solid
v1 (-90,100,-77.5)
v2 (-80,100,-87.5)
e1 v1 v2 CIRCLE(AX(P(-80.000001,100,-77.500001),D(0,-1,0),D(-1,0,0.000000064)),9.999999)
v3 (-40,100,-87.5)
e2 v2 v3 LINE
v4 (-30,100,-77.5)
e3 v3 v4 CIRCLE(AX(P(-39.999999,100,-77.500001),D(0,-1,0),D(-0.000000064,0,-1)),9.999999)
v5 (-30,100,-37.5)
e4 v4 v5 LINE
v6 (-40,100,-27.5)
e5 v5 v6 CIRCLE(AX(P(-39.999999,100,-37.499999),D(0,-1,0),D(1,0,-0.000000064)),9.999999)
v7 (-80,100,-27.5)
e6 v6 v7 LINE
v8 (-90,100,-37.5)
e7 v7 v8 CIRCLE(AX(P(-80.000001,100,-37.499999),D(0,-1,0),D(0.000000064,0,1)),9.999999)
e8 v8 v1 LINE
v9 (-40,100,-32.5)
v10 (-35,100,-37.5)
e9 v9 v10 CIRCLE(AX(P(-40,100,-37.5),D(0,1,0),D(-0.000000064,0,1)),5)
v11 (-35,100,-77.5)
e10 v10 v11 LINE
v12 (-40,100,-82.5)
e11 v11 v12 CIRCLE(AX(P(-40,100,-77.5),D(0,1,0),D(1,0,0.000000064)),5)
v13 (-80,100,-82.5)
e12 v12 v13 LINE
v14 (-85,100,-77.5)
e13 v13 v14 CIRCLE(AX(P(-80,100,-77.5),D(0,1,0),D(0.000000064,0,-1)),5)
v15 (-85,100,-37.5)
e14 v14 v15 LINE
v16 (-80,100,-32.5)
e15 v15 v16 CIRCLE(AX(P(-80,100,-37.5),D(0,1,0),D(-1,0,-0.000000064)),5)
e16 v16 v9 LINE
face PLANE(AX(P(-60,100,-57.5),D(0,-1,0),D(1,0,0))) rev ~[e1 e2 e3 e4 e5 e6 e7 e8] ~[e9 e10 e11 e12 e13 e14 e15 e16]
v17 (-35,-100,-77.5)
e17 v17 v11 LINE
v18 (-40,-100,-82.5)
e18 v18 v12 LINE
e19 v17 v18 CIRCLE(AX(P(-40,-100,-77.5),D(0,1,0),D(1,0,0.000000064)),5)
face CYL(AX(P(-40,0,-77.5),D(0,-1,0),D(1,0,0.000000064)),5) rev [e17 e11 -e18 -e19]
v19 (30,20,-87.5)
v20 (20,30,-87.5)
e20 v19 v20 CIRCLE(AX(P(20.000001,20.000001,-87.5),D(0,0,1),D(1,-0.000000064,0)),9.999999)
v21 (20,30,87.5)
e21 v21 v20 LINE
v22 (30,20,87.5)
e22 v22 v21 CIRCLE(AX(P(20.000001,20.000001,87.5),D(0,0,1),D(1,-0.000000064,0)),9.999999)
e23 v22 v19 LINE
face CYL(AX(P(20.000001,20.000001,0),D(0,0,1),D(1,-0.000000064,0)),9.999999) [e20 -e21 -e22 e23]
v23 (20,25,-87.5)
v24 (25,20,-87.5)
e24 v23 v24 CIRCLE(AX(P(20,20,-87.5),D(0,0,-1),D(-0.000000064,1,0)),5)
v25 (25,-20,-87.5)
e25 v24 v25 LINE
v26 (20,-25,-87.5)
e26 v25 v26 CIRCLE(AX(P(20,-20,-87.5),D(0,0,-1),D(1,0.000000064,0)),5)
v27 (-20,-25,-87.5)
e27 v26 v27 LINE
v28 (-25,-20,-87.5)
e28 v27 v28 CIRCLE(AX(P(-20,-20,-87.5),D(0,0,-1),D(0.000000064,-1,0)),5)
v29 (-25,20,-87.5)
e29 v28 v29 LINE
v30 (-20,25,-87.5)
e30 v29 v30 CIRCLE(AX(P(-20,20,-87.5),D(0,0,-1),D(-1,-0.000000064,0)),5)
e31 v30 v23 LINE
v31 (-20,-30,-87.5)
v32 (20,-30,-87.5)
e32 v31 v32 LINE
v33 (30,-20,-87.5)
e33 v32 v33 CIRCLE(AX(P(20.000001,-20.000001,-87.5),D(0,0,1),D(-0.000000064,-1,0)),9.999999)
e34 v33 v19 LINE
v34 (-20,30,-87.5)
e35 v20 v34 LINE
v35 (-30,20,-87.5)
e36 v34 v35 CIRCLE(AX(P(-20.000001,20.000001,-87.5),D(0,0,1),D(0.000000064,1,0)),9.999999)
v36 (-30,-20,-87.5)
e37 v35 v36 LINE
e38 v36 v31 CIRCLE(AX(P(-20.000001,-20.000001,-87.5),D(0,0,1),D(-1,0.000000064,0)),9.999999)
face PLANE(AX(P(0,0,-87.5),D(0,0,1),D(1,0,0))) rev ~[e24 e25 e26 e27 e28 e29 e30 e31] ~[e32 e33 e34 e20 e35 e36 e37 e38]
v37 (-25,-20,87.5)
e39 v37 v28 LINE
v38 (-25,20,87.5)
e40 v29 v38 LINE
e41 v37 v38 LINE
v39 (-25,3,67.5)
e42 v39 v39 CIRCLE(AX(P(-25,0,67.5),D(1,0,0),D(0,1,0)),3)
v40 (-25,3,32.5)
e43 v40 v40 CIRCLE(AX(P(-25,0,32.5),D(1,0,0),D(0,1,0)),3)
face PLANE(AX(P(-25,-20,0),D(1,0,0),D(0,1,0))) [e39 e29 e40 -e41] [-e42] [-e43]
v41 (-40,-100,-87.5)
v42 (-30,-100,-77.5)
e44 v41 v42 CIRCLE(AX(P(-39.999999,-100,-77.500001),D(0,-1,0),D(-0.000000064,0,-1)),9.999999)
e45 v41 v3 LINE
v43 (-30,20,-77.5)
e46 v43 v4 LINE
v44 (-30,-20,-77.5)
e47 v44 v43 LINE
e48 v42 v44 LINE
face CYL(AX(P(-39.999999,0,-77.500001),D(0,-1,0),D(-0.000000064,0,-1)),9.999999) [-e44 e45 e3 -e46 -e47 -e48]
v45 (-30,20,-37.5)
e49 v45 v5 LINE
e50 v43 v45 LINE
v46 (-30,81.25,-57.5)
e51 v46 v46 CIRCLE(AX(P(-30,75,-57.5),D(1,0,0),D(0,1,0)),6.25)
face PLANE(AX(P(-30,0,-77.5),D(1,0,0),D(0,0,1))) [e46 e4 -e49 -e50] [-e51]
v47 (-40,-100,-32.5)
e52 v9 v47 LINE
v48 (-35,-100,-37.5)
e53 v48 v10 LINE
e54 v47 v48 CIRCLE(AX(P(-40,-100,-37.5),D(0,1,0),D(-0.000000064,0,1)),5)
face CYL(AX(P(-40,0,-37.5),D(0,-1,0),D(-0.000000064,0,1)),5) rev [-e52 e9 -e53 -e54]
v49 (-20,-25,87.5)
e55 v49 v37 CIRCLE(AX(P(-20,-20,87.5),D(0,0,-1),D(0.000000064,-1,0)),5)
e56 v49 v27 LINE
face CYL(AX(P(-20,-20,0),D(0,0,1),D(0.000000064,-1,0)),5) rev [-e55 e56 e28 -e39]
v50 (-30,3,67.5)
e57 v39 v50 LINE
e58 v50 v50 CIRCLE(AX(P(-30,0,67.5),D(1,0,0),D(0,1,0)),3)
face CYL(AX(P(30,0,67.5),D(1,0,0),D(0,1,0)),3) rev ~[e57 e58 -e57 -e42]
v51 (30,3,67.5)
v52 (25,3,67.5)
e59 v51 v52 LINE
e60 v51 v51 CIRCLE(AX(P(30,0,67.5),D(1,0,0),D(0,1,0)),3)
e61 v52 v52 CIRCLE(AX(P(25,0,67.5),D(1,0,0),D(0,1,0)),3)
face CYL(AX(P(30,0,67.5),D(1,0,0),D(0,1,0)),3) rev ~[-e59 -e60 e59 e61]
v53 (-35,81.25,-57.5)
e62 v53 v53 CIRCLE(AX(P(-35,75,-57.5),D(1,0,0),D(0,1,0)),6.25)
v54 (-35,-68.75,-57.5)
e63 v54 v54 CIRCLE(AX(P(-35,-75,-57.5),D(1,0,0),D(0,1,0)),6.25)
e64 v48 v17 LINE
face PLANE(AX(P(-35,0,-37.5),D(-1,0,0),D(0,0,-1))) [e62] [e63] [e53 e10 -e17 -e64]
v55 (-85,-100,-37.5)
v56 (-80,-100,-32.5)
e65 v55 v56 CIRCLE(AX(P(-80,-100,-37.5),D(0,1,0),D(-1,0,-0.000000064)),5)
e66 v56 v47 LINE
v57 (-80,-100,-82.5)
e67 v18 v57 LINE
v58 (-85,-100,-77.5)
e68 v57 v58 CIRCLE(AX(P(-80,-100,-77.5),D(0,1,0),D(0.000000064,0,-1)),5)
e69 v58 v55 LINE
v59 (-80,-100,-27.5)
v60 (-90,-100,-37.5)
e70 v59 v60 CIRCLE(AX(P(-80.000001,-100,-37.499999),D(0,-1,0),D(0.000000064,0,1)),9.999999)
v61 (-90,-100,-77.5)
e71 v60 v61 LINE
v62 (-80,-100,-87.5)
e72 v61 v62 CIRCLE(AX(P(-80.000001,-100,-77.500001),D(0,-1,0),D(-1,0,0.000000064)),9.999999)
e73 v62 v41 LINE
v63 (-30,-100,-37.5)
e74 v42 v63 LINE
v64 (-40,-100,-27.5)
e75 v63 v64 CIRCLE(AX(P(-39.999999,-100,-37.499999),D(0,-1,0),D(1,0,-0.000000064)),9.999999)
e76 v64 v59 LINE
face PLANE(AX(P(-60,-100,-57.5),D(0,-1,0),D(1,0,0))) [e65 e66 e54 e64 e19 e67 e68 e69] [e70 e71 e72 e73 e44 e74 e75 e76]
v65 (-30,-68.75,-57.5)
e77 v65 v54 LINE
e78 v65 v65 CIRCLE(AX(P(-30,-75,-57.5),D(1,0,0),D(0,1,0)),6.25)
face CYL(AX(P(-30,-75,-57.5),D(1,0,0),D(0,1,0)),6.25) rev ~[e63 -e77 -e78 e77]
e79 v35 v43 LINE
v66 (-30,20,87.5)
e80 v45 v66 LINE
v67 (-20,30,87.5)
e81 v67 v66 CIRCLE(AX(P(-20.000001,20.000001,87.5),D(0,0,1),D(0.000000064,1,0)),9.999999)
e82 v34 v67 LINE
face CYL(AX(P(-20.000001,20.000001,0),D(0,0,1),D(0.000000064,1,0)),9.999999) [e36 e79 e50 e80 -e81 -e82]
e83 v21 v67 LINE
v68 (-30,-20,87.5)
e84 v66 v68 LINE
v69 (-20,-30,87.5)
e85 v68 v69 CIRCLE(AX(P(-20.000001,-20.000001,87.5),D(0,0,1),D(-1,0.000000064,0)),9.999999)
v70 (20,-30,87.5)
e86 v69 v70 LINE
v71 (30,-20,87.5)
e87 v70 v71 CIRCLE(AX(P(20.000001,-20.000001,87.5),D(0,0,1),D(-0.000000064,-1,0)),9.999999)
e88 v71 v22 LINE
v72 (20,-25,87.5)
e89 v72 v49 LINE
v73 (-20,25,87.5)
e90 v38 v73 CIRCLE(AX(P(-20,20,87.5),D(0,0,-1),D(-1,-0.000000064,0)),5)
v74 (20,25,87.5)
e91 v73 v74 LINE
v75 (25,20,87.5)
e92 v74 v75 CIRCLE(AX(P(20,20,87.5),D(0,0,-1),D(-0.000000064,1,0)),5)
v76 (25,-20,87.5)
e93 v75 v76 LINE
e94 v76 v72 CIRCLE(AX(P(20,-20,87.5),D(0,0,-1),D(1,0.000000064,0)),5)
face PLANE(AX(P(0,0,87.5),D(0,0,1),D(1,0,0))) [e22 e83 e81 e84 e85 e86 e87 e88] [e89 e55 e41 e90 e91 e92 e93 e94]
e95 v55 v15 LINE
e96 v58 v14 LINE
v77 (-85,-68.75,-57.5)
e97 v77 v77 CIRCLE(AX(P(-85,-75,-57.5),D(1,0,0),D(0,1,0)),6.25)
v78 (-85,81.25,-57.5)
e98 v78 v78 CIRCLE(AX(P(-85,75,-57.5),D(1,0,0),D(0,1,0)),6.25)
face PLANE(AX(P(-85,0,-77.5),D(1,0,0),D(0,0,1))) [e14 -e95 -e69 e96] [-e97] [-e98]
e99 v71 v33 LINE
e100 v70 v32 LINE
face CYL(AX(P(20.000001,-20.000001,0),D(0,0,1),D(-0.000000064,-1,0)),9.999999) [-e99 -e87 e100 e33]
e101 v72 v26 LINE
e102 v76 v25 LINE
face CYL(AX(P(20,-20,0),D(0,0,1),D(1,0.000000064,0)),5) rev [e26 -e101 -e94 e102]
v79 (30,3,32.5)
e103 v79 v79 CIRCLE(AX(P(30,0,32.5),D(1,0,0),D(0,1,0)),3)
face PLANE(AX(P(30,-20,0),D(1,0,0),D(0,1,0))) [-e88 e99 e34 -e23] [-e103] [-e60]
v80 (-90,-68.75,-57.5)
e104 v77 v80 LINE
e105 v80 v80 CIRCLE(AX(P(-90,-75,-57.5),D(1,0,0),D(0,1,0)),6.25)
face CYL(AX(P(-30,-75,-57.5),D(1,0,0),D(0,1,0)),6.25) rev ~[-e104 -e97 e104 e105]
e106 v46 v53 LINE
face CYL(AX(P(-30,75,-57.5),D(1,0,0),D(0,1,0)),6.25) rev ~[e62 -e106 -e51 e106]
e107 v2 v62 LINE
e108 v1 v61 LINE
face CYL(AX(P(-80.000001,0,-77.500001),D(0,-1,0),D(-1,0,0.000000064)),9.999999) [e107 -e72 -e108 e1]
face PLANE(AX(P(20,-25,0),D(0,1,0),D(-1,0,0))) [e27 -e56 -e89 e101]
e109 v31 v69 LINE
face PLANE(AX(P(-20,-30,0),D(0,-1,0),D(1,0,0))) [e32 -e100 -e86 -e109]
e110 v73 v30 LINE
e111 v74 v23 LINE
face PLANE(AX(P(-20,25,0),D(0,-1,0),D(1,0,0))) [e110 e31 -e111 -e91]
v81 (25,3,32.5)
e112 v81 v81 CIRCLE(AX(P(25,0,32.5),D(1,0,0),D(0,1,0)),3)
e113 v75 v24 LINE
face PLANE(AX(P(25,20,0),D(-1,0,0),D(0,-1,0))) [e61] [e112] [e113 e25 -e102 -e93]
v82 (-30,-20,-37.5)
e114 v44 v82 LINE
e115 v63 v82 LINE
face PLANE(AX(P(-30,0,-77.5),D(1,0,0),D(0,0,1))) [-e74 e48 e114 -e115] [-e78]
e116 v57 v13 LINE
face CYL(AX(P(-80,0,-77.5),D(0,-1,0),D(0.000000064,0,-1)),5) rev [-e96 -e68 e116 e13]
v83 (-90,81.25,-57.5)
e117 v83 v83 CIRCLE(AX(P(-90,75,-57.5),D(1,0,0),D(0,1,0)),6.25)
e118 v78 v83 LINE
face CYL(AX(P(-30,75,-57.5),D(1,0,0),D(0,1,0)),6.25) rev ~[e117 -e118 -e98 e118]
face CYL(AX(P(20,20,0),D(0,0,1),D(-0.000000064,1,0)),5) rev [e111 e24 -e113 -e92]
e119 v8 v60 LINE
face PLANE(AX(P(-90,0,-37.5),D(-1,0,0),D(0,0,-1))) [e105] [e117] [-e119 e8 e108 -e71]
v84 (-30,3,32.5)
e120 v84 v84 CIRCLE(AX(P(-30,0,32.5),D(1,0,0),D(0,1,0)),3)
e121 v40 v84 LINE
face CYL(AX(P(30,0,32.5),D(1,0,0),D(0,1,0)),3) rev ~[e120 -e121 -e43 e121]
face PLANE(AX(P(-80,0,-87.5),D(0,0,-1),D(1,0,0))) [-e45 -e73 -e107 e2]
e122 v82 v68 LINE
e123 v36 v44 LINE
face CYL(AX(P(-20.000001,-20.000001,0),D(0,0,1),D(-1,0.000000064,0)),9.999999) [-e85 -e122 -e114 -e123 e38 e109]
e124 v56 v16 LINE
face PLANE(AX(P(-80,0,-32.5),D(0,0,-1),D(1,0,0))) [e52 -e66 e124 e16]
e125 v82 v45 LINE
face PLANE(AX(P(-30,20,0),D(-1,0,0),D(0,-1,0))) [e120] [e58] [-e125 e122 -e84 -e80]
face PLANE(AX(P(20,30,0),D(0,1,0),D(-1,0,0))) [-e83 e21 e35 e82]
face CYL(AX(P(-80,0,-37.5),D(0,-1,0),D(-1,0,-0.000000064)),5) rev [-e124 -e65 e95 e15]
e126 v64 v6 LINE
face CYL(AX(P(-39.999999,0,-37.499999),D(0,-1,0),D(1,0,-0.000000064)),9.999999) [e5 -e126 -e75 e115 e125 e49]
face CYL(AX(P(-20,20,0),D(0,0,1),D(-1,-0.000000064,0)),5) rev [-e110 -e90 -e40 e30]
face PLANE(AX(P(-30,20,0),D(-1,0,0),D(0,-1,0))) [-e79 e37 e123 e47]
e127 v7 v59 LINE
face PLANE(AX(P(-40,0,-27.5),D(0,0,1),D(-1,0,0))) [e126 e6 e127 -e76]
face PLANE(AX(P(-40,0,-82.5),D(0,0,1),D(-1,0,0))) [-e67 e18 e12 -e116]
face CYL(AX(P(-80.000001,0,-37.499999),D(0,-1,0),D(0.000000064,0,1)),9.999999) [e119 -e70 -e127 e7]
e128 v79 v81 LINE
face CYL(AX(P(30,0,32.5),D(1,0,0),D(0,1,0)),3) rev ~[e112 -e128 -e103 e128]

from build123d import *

# Parameters (mm, degrees)
F1_DEPTH = 87.5
F3_DEPTH = 100
F4_R     = 6.25
F5_DEPTH = 60.001
F6_R     = 3
F7_DEPTH = 120.001


with BuildPart() as f1:
    # F0 (on Top) → F1 (new body, symmetric)
    with BuildSketch(Plane.XY):
        with BuildLine():
            Line((20, 30), (-20, 30))
            ThreePointArc((-20, 30), (-27.071068, 27.071068), (-30, 20))
            Line((-30, 20), (-30, -20))
            ThreePointArc((-30, -20), (-27.071068, -27.071068), (-20, -30))
            Line((-20, -30), (20, -30))
            ThreePointArc((20, -30), (27.071068, -27.071068), (30, -20))
            Line((30, -20), (30, 20))
            ThreePointArc((30, 20), (27.071068, 27.071068), (20, 30))
        make_face()
        with BuildLine():
            ThreePointArc((-25, 20), (-23.535534, 23.535534), (-20, 25))
            Line((-20, 25), (20, 25))
            ThreePointArc((20, 25), (23.535534, 23.535534), (25, 20))
            Line((25, 20), (25, -20))
            ThreePointArc((25, -20), (23.535534, -23.535534), (20, -25))
            Line((20, -25), (-20, -25))
            ThreePointArc((-20, -25), (-23.535534, -23.535534), (-25, -20))
            Line((-25, -20), (-25, 20))
        make_face(mode=Mode.SUBTRACT)
    extrude(amount=F1_DEPTH, both=True)

    # F2 (on Front) → F3 (join, symmetric)
    with BuildSketch(Plane.XZ):
        with BuildLine():
            Line((-40, -27.5), (-80, -27.5))
            ThreePointArc((-80, -27.5), (-87.071068, -30.428932), (-90, -37.5))
            Line((-90, -37.5), (-90, -77.5))
            ThreePointArc((-90, -77.5), (-87.071068, -84.571068), (-80, -87.5))
            Line((-80, -87.5), (-40, -87.5))
            ThreePointArc((-40, -87.5), (-32.928932, -84.571068), (-30, -77.5))
            Line((-30, -77.5), (-30, -37.5))
            ThreePointArc((-30, -37.5), (-32.928932, -30.428932), (-40, -27.5))
        make_face()
        with BuildLine():
            ThreePointArc((-40, -32.5), (-36.464466, -33.964466), (-35, -37.5))
            Line((-35, -37.5), (-35, -77.5))
            ThreePointArc((-35, -77.5), (-36.464466, -81.035534), (-40, -82.5))
            Line((-40, -82.5), (-80, -82.5))
            ThreePointArc((-80, -82.5), (-83.535534, -81.035534), (-85, -77.5))
            Line((-85, -77.5), (-85, -37.5))
            ThreePointArc((-85, -37.5), (-83.535534, -33.964466), (-80, -32.5))
            Line((-80, -32.5), (-40, -32.5))
        make_face(mode=Mode.SUBTRACT)
    extrude(amount=F3_DEPTH, both=True)

    # F4 (on face) → F5 (cut, through all)
    with BuildSketch(Plane.YZ.offset(-30)):
        with Locations((-75, -57.5)):
            Circle(F4_R)
        with Locations((75, -57.5)):
            Circle(F4_R)
    extrude(amount=-F5_DEPTH, mode=Mode.SUBTRACT)

    # F6 (on face) → F7 (cut, through all)
    with BuildSketch(Plane.YZ.offset(30)):
        with Locations((0, 32.5)):
            Circle(F6_R)
        with Locations((0, 67.5)):
            Circle(F6_R)
    extrude(amount=-F7_DEPTH, mode=Mode.SUBTRACT)


solid = f1.part
